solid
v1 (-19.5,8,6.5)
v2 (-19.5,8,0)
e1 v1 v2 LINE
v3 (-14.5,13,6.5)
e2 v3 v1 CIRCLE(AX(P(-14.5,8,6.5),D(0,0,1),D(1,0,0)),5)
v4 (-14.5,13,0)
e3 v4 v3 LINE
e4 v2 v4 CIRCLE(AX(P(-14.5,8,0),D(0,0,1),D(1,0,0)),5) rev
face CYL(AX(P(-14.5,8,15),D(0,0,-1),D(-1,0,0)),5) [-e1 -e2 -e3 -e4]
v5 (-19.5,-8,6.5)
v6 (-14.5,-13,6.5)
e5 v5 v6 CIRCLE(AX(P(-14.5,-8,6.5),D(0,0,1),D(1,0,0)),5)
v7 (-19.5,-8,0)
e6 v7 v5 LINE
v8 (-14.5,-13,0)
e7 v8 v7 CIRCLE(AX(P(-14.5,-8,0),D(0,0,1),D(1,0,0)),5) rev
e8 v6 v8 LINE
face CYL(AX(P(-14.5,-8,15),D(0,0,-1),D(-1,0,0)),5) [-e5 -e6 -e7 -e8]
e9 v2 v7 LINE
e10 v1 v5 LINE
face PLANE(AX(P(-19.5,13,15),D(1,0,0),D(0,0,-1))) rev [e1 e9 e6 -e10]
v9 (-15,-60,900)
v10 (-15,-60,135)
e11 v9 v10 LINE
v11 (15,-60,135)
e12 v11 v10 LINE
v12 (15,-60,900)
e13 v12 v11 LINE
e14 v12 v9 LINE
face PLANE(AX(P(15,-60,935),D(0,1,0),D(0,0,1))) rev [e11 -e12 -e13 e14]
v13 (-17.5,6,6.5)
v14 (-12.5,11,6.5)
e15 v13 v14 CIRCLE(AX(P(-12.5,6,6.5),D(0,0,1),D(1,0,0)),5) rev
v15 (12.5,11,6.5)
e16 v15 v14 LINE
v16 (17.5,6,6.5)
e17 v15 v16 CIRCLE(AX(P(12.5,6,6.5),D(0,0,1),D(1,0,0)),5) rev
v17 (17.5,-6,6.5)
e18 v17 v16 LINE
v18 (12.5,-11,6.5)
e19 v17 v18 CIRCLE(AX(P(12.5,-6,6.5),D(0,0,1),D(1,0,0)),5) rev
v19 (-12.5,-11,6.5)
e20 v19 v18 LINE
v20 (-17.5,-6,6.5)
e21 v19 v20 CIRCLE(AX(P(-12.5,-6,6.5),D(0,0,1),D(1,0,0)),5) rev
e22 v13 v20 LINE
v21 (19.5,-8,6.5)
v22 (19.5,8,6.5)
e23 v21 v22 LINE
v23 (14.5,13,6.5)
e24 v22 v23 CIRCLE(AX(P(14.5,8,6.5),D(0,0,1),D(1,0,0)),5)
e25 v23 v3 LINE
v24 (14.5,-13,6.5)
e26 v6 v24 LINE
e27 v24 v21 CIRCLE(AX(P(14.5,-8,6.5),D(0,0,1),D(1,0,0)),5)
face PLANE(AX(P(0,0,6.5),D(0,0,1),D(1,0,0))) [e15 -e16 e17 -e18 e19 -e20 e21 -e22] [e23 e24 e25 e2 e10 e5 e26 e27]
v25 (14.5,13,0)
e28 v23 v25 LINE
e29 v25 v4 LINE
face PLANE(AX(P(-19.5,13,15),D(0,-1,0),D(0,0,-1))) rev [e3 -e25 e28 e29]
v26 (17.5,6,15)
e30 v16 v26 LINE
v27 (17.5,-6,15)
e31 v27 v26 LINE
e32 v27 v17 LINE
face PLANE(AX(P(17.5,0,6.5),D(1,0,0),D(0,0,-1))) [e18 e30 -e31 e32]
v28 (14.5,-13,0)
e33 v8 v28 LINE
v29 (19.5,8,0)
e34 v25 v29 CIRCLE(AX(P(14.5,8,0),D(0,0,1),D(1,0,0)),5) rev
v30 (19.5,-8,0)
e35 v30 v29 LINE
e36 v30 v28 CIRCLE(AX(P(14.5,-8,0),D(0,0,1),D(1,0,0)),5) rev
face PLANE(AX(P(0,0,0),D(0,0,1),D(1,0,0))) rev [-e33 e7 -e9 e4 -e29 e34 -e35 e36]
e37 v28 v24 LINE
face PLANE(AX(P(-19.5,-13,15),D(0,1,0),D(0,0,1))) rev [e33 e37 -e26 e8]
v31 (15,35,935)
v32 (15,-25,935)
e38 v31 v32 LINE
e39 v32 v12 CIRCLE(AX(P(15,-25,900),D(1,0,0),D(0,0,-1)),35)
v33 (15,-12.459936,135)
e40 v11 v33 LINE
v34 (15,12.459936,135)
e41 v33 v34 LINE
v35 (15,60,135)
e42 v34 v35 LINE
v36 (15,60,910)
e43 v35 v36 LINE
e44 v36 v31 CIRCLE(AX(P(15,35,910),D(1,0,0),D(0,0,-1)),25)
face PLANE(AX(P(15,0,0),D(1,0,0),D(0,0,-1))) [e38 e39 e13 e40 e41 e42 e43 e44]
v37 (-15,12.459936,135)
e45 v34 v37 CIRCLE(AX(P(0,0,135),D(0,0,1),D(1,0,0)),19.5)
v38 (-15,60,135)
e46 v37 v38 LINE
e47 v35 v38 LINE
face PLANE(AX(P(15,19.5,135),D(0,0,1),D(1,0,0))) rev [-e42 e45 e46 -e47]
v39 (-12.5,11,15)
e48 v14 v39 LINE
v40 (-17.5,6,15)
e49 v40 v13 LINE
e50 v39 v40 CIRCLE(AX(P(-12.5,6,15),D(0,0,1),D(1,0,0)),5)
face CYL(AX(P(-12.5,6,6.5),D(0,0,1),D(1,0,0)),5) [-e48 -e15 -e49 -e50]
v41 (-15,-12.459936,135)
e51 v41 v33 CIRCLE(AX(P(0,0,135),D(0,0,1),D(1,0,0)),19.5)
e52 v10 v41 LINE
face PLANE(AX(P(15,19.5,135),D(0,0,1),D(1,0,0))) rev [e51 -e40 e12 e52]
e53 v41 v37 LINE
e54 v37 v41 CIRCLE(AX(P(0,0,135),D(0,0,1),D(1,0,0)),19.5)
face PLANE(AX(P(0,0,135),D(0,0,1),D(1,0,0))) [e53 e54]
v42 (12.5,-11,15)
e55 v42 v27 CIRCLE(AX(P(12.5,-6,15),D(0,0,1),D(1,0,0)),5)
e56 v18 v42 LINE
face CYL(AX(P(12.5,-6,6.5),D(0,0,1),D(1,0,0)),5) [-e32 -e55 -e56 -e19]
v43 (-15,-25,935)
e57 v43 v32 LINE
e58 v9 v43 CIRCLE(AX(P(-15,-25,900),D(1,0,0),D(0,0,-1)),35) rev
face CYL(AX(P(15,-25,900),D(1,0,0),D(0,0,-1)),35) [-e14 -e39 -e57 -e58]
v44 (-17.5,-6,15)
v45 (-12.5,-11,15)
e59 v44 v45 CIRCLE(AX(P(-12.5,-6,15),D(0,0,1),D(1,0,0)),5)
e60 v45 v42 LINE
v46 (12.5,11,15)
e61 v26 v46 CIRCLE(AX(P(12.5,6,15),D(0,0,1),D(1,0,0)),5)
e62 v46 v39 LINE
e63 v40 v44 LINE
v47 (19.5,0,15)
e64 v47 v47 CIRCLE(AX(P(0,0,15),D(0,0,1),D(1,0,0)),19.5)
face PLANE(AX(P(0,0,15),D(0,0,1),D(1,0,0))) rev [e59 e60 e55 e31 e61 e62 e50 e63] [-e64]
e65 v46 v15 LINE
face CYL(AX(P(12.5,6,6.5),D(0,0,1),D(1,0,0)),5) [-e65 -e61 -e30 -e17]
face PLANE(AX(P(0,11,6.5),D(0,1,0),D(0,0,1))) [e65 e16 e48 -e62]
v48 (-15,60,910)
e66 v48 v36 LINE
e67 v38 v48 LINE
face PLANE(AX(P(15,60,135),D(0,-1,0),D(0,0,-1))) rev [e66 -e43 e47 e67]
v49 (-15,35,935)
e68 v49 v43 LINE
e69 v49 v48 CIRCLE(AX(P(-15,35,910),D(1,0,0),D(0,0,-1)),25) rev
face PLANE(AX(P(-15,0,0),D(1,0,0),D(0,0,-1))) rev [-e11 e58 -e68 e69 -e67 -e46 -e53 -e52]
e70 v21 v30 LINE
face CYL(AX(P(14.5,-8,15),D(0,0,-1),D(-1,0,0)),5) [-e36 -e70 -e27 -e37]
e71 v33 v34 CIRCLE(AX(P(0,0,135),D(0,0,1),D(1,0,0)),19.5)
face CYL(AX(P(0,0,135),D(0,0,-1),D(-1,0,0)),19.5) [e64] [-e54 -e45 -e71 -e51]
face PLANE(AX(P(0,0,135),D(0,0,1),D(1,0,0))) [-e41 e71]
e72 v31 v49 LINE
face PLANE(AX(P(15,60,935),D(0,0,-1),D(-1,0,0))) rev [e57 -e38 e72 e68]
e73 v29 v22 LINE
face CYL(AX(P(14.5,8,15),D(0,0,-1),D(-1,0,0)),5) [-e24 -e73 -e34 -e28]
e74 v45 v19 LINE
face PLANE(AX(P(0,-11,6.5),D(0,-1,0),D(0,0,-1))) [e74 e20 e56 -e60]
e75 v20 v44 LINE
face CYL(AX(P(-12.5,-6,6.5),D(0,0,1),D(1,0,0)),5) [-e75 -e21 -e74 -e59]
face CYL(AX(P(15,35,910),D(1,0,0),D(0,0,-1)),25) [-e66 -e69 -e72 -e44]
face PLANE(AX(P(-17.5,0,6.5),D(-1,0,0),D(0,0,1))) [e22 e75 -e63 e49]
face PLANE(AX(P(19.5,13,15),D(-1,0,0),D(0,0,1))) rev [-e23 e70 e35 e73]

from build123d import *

# Parameters (mm, degrees)
SKETCH1_W           = 39
SKETCH1_H           = 26
BOSS_EXTRUDE1_DEPTH = 15
SKETCH2_W           = 39
SKETCH2_H           = 26
SKETCH2_W_2         = 35
SKETCH2_H_2         = 22
CUT_EXTRUDE1_DEPTH  = 8.5
FILLET1_R           = 5
SKETCH3_R           = 19.5
BOSS_EXTRUDE2_DEPTH = 120
BOSS_EXTRUDE3_DEPTH = 15
FILLET2_R           = 25
FILLET3_R           = 35


with BuildPart() as part:
    # Sketch1 → Boss-Extrude1 (new body)
    with BuildSketch(Plane.XY):
        Rectangle(SKETCH1_W, SKETCH1_H)
    extrude(amount=BOSS_EXTRUDE1_DEPTH)

    # Sketch2 → Cut-Extrude1 (cut)
    with BuildSketch(Plane.XY.offset(15)):
        Rectangle(SKETCH2_W, SKETCH2_H)
        Rectangle(SKETCH2_W_2, SKETCH2_H_2, mode=Mode.SUBTRACT)
    extrude(amount=-CUT_EXTRUDE1_DEPTH, mode=Mode.SUBTRACT)

    # Fillet1
    fillet1_edges = [part.edges().sort_by_distance(p)[0] for p in [
        (19.5, -13, 3.25),
        (-19.5, -13, 3.25),
        (-19.5, 13, 3.25),
        (19.5, 13, 3.25),
        (17.5, -11, 10.75),
        (17.5, 11, 10.75),
        (-17.5, 11, 10.75),
        (-17.5, -11, 10.75),
    ]]
    fillet(fillet1_edges, radius=FILLET1_R)

    # Sketch3 → Boss-Extrude2 (add)
    with BuildSketch(Plane.XY.offset(15)):
        Circle(SKETCH3_R)
    extrude(amount=BOSS_EXTRUDE2_DEPTH)

    # Sketch4 → Boss-Extrude3 (add, symmetric)
    with BuildSketch(Plane(origin=(0, 0, 0), x_dir=(0, 0, -1), z_dir=(1, 0, 0))):
        Polygon((-135, 19.5), (-135, -19.5), (-135, -60), (-935, -60), (-935, 60), (-135, 60), align=None)
    extrude(amount=BOSS_EXTRUDE3_DEPTH, both=True)

    # Fillet2
    fillet2_edges = [part.edges().sort_by_distance(p)[0] for p in [
        (0, 60, 935),
    ]]
    fillet(fillet2_edges, radius=FILLET2_R)

    # Fillet3
    fillet3_edges = [part.edges().sort_by_distance(p)[0] for p in [
        (0, -60, 935),
    ]]
    fillet(fillet3_edges, radius=FILLET3_R)


solid = part.part
